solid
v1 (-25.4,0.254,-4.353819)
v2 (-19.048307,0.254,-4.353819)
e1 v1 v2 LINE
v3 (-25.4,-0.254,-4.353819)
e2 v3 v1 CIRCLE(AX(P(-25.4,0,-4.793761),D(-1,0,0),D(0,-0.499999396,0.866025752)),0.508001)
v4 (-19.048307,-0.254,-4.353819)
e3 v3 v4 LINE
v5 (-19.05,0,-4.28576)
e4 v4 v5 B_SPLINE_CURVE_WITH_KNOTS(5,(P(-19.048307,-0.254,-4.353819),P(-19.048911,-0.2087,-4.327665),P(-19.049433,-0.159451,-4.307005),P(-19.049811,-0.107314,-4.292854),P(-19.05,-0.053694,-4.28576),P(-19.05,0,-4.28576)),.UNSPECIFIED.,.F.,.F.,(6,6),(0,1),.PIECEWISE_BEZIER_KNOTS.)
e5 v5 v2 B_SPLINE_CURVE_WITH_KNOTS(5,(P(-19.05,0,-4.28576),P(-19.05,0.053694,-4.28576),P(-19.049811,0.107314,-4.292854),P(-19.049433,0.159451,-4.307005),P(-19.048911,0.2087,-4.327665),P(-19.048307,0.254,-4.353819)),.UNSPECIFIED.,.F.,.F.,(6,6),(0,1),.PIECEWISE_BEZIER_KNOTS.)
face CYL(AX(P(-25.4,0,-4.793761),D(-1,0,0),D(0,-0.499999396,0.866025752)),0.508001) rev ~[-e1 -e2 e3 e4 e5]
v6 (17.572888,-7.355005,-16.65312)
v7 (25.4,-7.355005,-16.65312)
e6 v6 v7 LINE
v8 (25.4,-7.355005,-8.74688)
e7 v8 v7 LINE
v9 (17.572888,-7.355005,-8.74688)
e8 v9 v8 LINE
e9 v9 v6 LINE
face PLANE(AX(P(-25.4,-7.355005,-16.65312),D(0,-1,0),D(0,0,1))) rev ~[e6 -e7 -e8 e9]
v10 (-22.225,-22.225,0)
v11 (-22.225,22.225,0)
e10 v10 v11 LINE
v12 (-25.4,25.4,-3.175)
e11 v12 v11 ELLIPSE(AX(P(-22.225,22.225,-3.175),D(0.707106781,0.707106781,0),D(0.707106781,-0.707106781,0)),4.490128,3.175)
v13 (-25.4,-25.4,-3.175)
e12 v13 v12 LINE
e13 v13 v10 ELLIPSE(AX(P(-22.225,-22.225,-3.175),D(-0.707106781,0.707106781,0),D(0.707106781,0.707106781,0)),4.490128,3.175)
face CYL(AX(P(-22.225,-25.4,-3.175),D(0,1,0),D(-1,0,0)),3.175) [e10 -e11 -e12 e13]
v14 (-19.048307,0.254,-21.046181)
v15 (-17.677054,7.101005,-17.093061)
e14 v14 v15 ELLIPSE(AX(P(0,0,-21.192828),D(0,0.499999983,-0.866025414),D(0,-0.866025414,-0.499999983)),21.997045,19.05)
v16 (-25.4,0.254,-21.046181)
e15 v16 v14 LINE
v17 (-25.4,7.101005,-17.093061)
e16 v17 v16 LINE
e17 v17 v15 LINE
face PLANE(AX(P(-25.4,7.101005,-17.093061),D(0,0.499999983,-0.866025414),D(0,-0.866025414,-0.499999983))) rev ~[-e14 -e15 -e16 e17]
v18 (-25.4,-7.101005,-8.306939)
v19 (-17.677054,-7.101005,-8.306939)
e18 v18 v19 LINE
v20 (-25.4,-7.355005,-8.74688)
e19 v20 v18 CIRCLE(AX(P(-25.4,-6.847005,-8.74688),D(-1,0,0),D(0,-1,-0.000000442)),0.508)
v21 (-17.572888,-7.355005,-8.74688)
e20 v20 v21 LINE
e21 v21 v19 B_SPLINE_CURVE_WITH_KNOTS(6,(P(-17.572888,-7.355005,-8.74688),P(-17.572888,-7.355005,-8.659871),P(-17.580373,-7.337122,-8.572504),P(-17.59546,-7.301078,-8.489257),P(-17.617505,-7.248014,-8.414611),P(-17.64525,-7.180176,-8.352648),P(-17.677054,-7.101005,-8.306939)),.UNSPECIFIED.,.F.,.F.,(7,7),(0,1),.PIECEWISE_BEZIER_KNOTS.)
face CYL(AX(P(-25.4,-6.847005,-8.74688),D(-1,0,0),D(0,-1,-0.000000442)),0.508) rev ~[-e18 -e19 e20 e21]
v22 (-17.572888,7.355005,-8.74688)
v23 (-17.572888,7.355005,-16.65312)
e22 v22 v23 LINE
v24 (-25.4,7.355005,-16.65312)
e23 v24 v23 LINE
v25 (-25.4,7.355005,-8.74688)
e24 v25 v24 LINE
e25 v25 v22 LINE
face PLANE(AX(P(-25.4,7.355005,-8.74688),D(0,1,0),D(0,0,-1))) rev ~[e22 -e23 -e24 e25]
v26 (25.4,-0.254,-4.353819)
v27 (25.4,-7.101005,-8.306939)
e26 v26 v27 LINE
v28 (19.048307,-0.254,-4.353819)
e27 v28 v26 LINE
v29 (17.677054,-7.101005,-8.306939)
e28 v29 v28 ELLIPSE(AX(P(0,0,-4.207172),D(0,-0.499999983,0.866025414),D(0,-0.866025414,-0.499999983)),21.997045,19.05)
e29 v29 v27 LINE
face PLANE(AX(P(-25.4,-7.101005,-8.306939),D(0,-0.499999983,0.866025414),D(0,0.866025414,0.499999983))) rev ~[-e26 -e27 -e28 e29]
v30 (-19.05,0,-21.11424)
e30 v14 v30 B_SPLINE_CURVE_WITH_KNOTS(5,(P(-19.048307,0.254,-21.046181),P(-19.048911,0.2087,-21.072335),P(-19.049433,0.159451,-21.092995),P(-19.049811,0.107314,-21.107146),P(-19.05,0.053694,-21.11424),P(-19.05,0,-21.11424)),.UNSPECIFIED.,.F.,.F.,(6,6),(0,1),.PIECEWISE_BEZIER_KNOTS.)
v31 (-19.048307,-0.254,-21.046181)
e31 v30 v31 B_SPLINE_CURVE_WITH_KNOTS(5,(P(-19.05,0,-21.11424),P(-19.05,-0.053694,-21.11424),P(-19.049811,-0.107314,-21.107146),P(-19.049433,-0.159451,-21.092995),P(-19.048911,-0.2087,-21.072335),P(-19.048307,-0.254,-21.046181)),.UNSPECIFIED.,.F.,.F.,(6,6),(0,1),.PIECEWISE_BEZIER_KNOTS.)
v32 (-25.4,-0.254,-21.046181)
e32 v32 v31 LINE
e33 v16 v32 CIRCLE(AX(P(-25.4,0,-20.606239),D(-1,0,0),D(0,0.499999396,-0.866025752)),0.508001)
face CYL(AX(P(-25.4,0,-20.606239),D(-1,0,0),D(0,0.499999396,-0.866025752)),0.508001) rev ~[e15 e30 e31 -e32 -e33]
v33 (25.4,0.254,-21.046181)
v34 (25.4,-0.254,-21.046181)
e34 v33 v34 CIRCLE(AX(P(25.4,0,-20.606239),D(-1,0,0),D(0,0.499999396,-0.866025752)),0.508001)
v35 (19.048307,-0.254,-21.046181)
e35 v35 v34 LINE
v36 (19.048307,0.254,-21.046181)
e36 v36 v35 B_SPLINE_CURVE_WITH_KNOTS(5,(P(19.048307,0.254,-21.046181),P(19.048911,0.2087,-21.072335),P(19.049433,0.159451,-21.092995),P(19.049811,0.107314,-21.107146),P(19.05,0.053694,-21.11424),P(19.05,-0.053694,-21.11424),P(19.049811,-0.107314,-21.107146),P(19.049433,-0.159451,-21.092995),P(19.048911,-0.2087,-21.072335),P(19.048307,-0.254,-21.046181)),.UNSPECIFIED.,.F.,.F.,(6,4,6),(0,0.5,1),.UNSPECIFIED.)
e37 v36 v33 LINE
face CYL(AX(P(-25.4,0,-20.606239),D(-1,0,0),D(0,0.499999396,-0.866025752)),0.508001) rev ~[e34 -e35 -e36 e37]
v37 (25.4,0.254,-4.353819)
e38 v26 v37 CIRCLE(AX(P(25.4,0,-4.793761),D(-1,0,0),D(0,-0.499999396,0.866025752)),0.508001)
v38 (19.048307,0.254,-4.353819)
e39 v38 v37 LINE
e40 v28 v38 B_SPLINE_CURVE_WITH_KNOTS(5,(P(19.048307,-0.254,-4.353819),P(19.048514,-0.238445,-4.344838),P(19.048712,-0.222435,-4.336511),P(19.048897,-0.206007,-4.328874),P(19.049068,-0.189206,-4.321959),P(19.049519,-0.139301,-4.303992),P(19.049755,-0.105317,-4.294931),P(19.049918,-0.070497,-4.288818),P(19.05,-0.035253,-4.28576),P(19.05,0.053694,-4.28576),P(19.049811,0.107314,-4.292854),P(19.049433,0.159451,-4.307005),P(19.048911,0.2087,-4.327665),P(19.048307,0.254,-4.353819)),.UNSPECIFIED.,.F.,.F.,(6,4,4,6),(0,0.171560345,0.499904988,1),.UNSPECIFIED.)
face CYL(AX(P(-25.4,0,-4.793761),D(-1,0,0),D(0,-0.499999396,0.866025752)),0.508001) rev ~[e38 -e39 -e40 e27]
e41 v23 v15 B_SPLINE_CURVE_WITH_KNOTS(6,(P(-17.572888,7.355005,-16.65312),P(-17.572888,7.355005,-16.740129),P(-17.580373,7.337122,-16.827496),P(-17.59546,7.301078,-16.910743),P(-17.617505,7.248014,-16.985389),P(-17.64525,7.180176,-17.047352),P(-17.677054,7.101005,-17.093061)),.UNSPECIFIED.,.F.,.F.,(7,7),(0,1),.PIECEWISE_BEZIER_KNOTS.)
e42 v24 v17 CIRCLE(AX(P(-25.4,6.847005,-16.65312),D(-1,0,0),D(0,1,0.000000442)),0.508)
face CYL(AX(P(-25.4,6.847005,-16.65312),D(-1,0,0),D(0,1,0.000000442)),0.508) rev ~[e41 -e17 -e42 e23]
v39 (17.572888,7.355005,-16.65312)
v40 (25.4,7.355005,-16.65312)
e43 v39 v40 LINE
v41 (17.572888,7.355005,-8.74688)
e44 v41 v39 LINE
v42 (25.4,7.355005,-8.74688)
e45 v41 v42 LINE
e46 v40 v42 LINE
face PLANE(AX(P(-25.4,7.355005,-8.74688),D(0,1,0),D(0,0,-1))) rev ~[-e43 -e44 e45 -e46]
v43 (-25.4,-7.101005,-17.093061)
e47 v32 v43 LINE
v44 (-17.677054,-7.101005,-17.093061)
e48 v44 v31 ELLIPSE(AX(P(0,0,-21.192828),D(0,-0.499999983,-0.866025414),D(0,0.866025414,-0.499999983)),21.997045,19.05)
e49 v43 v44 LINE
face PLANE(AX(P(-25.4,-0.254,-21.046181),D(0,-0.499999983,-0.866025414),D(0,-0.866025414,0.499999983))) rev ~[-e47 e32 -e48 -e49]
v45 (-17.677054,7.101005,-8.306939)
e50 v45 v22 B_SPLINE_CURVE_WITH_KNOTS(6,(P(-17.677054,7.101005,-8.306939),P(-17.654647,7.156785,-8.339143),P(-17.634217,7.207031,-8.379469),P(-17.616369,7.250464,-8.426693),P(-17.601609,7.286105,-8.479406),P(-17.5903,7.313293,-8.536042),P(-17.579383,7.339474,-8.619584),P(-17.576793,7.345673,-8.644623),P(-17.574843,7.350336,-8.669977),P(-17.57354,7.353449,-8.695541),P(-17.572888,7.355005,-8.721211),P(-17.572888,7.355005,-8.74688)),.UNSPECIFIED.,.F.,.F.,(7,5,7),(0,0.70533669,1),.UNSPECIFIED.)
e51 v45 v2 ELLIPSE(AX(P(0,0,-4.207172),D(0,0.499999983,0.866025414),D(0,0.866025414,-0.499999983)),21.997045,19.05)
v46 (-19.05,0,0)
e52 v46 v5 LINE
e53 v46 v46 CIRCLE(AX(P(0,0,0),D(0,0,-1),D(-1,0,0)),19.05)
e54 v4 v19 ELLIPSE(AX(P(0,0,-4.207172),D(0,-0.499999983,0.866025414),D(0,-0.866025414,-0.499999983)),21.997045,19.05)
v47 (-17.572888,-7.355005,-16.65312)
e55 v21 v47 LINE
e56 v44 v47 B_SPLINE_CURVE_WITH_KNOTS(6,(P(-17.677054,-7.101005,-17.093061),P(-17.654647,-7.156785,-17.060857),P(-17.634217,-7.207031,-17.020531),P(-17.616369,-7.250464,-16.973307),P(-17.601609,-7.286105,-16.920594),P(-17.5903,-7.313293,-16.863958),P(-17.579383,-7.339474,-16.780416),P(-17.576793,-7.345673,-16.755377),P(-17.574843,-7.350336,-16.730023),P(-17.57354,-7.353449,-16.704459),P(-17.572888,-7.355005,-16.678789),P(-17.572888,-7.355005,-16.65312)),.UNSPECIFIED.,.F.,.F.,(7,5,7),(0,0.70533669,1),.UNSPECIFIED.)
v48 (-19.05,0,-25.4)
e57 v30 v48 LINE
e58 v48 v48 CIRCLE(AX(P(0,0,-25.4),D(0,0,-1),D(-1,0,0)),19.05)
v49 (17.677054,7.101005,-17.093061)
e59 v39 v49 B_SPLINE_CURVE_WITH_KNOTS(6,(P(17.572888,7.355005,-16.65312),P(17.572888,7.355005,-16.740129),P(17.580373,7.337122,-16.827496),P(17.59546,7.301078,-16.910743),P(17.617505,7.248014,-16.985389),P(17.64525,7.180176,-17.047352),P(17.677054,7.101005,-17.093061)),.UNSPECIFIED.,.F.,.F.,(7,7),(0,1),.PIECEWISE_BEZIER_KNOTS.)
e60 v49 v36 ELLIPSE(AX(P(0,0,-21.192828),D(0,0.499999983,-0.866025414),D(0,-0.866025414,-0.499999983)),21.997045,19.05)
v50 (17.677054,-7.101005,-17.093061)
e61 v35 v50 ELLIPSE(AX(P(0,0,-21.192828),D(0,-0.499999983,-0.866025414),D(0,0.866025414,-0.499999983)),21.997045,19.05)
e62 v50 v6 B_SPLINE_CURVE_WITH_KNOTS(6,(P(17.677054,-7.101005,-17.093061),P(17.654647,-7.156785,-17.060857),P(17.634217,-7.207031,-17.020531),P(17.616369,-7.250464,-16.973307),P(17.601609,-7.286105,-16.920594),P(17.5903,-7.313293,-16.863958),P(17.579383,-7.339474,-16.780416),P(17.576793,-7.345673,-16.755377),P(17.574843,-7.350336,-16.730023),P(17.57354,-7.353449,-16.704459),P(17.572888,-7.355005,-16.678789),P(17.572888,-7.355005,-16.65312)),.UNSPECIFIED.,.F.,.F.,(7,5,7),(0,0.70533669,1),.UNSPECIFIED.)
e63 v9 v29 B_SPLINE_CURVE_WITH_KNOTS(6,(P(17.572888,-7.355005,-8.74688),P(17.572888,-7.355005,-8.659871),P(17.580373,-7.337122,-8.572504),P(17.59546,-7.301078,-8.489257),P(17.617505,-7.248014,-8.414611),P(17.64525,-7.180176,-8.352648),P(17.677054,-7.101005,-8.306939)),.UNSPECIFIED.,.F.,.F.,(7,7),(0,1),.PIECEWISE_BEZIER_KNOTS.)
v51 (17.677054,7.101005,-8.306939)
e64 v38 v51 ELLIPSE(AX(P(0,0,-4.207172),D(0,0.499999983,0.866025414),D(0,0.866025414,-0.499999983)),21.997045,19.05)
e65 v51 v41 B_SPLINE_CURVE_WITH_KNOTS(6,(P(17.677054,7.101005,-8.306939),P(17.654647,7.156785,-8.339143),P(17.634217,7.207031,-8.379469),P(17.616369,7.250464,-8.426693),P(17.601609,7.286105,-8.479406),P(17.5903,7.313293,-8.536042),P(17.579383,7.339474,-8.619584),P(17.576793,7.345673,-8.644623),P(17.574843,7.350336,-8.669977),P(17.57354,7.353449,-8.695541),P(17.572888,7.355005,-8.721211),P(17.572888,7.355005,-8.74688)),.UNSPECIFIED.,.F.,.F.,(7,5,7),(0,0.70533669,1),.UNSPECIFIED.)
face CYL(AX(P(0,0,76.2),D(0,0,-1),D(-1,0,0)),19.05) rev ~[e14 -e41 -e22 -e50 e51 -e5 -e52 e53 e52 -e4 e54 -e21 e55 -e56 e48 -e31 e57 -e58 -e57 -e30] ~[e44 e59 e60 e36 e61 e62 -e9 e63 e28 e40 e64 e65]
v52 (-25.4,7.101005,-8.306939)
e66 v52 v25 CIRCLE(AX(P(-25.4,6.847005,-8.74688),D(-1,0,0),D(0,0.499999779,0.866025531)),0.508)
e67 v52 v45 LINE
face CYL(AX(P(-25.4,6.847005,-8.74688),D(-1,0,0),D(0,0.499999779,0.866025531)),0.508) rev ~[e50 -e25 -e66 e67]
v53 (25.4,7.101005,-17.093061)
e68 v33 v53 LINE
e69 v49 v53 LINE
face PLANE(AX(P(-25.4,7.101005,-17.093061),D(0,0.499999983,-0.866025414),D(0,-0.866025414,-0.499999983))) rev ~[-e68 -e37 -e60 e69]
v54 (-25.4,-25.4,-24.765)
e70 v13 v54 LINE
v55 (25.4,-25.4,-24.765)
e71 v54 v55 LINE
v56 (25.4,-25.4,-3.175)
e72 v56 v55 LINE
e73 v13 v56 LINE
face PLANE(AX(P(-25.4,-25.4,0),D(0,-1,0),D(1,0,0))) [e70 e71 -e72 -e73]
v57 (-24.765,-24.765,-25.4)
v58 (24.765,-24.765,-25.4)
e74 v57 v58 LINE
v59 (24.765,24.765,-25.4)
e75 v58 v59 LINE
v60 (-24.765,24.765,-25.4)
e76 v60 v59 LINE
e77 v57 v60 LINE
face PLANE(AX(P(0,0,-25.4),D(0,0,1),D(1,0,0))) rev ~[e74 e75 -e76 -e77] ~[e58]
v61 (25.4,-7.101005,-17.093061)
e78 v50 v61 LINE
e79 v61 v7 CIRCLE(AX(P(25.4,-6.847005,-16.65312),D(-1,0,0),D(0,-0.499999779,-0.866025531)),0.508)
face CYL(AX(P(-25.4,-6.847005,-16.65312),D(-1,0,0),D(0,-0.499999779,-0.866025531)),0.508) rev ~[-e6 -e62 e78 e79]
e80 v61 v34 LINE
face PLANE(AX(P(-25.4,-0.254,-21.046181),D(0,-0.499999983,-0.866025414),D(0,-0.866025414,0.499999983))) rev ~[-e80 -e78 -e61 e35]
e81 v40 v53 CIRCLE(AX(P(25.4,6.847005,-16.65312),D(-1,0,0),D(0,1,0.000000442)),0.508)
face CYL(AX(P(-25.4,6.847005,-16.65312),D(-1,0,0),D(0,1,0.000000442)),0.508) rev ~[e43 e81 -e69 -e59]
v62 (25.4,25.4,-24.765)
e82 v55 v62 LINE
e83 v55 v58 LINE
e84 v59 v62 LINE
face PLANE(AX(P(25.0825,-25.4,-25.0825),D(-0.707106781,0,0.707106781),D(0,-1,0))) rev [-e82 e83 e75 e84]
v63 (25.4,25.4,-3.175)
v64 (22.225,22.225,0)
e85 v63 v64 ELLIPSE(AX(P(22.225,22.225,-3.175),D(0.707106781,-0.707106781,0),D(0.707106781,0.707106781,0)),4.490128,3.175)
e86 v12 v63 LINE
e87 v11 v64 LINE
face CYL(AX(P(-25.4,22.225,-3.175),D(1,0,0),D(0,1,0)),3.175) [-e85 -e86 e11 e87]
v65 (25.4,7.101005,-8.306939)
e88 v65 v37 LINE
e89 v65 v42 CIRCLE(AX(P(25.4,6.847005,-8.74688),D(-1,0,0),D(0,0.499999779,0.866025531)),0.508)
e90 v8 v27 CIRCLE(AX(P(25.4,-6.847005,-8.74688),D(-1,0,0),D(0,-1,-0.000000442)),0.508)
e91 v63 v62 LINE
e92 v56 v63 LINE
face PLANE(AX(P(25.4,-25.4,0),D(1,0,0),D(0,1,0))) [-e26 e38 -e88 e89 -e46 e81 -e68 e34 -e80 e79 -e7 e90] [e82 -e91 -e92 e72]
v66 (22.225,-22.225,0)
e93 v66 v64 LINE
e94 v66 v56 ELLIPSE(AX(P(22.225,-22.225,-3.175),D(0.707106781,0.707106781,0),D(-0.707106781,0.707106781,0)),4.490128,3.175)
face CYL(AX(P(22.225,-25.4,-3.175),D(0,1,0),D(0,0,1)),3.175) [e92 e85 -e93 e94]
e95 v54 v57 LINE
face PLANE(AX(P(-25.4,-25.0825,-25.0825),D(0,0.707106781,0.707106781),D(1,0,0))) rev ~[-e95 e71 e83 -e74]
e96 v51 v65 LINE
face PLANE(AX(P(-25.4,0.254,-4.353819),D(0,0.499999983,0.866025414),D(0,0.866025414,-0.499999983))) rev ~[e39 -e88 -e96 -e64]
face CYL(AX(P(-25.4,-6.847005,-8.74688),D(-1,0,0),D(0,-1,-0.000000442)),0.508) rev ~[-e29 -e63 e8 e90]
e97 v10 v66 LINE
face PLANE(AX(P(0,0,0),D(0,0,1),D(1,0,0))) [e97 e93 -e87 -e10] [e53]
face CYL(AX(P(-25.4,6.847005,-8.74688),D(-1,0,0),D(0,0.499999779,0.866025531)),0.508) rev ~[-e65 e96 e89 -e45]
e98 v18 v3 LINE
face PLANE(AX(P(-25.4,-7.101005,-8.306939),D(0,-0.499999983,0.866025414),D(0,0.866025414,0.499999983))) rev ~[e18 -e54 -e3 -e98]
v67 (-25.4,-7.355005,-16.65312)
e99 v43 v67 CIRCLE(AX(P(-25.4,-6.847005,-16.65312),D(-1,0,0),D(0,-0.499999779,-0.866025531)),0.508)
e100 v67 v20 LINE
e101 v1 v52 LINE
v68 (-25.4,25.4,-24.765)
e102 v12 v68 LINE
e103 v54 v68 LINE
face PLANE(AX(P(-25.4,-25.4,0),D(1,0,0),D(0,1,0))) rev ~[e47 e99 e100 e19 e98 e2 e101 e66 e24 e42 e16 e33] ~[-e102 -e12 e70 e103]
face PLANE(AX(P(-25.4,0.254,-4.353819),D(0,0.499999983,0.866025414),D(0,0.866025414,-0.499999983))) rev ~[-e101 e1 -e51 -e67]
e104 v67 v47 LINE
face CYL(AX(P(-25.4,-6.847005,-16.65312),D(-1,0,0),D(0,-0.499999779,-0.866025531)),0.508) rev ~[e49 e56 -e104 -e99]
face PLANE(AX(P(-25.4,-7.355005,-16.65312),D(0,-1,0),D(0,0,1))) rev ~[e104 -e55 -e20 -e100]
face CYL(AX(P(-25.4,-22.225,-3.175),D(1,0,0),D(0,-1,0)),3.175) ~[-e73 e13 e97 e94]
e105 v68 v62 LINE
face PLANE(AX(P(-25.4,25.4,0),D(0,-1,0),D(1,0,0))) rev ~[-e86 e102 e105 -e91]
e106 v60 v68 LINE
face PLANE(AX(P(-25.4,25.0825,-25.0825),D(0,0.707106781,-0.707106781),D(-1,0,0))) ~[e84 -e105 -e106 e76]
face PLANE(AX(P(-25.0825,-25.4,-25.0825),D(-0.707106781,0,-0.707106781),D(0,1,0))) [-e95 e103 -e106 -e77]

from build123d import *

# Parameters (mm, degrees)
F0_W     = 50.8
F0_H     = 50.8
F1_DEPTH = 25.4
F3_D     = 38.1
F4_R     = 3.175
F5_SIZE  = 0.635
F7_DEPTH = 50.801


with BuildPart() as f1:
    # F0 (on Top) → F1 (new body)
    with BuildSketch(Plane.XY):
        Rectangle(F0_W, F0_H)
    extrude(amount=-F1_DEPTH)

    # F3 (through all)
    with Locations(Plane.XY):
        with Locations((0, 0)):
            Hole(F3_D / 2)

    # F4
    f4_edges = [f1.edges().sort_by_distance(p)[0] for p in [
        (0, 25.4, 0),
        (25.4, 0, 0),
        (0, -25.4, 0),
        (-25.4, 0, 0),
    ]]
    fillet(f4_edges, radius=F4_R)

    # F5
    f5_edges = [f1.edges().sort_by_distance(p)[0] for p in [
        (0, 25.4, -25.4),
        (-25.4, 0, -25.4),
        (0, -25.4, -25.4),
        (25.4, 0, -25.4),
    ]]
    chamfer(f5_edges, length=F5_SIZE)

    # F6 (on face) → F7 (cut, through all)
    with BuildSketch(Plane(origin=(-25.4, 0, 0), x_dir=(0, -1, 0), z_dir=(-1, 0, 0))):
        with BuildLine():
            Line((7.355005, -16.65312), (7.355005, -8.74688))
            ThreePointArc((7.355005, -8.74688), (7.286946, -8.49288), (7.101005, -8.306939))
            Line((7.101005, -8.306939), (0.254, -4.353819))
            ThreePointArc((0.254, -4.353819), (0, -4.28576), (-0.254, -4.353819))
            Line((-0.254, -4.353819), (-7.101005, -8.306939))
            ThreePointArc((-7.101005, -8.306939), (-7.286946, -8.49288), (-7.355005, -8.74688))
            Line((-7.355005, -8.74688), (-7.355005, -16.65312))
            ThreePointArc((-7.355005, -16.65312), (-7.286946, -16.90712), (-7.101005, -17.093061))
            Line((-7.101005, -17.093061), (-0.254, -21.046181))
            ThreePointArc((-0.254, -21.046181), (0, -21.11424), (0.254, -21.046181))
            Line((0.254, -21.046181), (7.101005, -17.093061))
            ThreePointArc((7.101005, -17.093061), (7.286946, -16.90712), (7.355005, -16.65312))
        make_face()
    extrude(amount=-F7_DEPTH, mode=Mode.SUBTRACT)


solid = f1.part
